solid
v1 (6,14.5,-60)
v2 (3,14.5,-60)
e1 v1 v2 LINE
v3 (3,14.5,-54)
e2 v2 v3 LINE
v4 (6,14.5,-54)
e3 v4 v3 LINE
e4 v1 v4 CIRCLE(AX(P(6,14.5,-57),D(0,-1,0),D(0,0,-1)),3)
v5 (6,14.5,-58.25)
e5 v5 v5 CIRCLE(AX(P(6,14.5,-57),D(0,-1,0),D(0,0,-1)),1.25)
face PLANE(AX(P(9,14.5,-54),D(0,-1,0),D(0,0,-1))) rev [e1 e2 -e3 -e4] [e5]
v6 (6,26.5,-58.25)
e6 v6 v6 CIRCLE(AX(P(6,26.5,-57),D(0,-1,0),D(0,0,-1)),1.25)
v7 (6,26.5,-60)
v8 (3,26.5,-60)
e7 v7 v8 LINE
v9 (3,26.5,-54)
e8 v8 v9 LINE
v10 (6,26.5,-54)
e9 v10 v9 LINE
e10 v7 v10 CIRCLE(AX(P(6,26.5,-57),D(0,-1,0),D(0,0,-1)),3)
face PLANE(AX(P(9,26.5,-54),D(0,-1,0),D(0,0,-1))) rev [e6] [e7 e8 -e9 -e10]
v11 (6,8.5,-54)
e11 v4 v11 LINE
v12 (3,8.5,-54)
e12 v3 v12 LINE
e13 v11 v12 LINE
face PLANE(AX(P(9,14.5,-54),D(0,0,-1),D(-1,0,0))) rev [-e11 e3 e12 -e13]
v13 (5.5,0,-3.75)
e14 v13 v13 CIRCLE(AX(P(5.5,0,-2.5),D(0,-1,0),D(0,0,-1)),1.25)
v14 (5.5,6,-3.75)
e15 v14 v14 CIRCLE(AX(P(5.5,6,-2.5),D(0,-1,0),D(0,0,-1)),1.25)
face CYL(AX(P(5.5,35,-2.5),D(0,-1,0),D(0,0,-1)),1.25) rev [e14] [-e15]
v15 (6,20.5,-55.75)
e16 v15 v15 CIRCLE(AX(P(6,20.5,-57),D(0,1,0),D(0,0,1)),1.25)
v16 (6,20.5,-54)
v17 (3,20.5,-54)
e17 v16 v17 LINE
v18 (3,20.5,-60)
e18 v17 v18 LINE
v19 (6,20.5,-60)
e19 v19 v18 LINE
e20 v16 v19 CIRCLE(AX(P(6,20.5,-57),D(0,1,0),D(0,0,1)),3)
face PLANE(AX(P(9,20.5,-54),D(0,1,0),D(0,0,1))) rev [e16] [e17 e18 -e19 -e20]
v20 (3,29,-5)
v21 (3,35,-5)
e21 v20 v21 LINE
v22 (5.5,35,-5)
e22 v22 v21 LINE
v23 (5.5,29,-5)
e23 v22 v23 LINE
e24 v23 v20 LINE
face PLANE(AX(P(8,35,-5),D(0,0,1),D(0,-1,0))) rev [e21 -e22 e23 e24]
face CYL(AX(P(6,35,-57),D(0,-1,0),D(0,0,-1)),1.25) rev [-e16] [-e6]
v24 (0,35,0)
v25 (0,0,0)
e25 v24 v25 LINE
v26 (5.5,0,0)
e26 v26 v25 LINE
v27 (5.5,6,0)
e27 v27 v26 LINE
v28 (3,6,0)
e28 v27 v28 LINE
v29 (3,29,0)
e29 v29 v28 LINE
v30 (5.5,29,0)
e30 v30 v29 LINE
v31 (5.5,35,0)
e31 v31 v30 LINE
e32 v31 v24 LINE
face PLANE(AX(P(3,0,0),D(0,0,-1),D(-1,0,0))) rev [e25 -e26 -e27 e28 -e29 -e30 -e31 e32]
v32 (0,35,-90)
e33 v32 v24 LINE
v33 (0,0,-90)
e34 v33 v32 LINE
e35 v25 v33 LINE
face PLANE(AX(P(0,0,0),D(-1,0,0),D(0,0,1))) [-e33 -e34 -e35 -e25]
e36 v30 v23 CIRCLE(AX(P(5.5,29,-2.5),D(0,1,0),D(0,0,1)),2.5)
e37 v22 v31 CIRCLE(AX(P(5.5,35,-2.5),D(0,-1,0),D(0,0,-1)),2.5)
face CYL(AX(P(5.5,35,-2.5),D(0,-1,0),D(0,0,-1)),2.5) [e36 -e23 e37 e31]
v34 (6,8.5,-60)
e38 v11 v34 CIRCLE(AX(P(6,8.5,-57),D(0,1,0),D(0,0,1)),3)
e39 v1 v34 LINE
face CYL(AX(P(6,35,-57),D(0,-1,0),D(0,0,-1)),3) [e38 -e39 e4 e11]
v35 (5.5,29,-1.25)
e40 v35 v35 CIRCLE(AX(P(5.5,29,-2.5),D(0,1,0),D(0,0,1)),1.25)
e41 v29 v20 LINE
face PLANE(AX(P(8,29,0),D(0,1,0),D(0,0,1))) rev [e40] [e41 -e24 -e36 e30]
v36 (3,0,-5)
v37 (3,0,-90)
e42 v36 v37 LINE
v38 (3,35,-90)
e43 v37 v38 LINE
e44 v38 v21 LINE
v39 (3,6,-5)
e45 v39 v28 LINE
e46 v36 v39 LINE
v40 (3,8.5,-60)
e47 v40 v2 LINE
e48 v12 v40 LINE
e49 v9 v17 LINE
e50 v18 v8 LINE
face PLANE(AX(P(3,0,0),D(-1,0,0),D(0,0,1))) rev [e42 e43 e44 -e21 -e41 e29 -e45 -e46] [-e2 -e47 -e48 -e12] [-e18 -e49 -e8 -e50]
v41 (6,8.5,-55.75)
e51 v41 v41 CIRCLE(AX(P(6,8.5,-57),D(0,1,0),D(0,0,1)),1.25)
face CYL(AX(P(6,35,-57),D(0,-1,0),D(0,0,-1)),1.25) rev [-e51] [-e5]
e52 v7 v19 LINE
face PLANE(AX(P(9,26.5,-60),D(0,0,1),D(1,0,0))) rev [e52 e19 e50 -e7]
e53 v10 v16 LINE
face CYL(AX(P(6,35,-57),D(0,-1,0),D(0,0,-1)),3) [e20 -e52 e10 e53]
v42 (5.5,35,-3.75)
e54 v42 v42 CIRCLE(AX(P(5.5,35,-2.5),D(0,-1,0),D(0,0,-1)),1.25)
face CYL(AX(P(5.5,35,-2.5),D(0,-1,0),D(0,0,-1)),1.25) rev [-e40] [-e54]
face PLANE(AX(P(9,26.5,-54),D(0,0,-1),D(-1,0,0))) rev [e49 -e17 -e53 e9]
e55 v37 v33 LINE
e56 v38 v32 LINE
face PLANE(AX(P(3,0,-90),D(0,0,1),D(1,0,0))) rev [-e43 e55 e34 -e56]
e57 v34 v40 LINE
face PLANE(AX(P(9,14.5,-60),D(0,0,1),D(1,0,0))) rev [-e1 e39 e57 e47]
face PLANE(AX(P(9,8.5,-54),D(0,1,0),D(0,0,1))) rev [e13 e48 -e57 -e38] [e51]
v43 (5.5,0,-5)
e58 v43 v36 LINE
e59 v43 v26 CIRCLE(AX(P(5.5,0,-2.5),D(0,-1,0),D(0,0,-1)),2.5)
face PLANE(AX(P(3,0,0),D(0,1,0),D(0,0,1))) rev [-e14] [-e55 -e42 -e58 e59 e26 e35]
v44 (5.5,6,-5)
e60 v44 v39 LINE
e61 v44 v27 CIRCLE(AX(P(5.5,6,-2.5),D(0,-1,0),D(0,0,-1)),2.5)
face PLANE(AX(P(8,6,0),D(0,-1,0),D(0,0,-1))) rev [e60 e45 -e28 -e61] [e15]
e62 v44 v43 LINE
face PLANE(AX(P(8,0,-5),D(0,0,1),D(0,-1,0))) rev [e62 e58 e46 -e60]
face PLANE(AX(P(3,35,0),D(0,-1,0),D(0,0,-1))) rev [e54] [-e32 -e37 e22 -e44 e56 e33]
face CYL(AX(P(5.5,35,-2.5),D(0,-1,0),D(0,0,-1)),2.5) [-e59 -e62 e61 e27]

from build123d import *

# Parameters (mm, degrees)
SKETCH_1_W               = 90
SKETCH_1_H               = 35
EXTRUDE_1_DEPTH          = 3
SKETCH_2_W               = 5
SKETCH_2_H               = 6
EXTRUDE_2_DEPTH          = 5
SKETCH_3_R               = 1.25
CUT_EXTRUDE_1_DEPTH      = 97.896852374
SKETCH_4_W               = 6
SKETCH_4_H               = 6
EXTRUDE_3_DEPTH          = 6
CUT_EXTRUDE_2_DEPTH      = 95.25099469
CUT_EXTRUDE_2_DEPTH_BACK = 95.25099469
SKETCH_5_R               = 1.25


with BuildPart() as part:
    # Эскиз1 → Бобышка-Вытянуть1 (new body)
    with BuildSketch(Plane(origin=(0, 0, 0), x_dir=(0, 0, -1), z_dir=(1, 0, 0))):
        with Locations((45, 17.5)):
            Rectangle(SKETCH_1_W, SKETCH_1_H)
    extrude(amount=EXTRUDE_1_DEPTH)

    # Эскиз2 → Бобышка-Вытянуть2 (add)
    with BuildSketch(Plane(origin=(3, 0, 0), x_dir=(0, 0, -1), z_dir=(1, 0, 0))):
        with Locations((2.5, 32)):
            Rectangle(SKETCH_2_W, SKETCH_2_H)
        with Locations((2.5, 3)):
            Rectangle(SKETCH_2_W, SKETCH_2_H)
    extrude(amount=EXTRUDE_2_DEPTH)

    # Эскиз3 → Вырез-Вытянуть1 (cut, through all)
    with BuildSketch(Plane(origin=(0, 0, 0), x_dir=(-1, 0, 0), z_dir=(0, -1, 0))):
        with Locations(Location((-5.5, 2.5, 0), (0, 0, 90))):
            Circle(SKETCH_3_R)
        with BuildLine():
            Line((-8, 5), (-8, 2.5))
            ThreePointArc((-8, 2.5), (-7.267766953, 4.267766953), (-5.5, 5))
            Line((-5.5, 5), (-8, 5))
        make_face()
        with BuildLine():
            Line((-8, 0), (-5.5, 0))
            ThreePointArc((-5.5, 0), (-7.267766953, 0.732233047), (-8, 2.5))
            Line((-8, 2.5), (-8, 0))
        make_face()
    extrude(amount=-CUT_EXTRUDE_1_DEPTH, mode=Mode.SUBTRACT)

    # Эскиз4 → Бобышка-Вытянуть3 (add)
    with BuildSketch(Plane(origin=(3, 0, 0), x_dir=(0, 0, -1), z_dir=(1, 0, 0))):
        with Locations((57, 23.5)):
            Rectangle(SKETCH_4_W, SKETCH_4_H)
        with Locations((57, 11.5)):
            Rectangle(SKETCH_4_W, SKETCH_4_H)
    extrude(amount=EXTRUDE_3_DEPTH)

    # Эскиз5 → Вырез-Вытянуть2 (cut, two sides: drawn at the far end of the back side and taken through both)
    with BuildSketch(Plane(origin=(0, 8.5, 0), x_dir=(-1, 0, 0), z_dir=(0, -1, 0)).offset(-CUT_EXTRUDE_2_DEPTH_BACK)):
        with Locations(Location((-6, 57, 0), (0, 0, 90))):
            Circle(SKETCH_5_R)
        with BuildLine():
            Line((-9, 60), (-9, 57.000000015))
            ThreePointArc((-9, 57.000000015), (-8.121320338, 59.121320349), (-6, 60))
            Line((-6, 60), (-9, 60))
        make_face()
        with BuildLine():
            Line((-9, 54), (-6, 54))
            ThreePointArc((-6, 54), (-8.121320349, 54.878679662), (-9, 57.000000015))
            Line((-9, 57.000000015), (-9, 54))
        make_face()
    extrude(amount=CUT_EXTRUDE_2_DEPTH + CUT_EXTRUDE_2_DEPTH_BACK, mode=Mode.SUBTRACT)


solid = part.part
